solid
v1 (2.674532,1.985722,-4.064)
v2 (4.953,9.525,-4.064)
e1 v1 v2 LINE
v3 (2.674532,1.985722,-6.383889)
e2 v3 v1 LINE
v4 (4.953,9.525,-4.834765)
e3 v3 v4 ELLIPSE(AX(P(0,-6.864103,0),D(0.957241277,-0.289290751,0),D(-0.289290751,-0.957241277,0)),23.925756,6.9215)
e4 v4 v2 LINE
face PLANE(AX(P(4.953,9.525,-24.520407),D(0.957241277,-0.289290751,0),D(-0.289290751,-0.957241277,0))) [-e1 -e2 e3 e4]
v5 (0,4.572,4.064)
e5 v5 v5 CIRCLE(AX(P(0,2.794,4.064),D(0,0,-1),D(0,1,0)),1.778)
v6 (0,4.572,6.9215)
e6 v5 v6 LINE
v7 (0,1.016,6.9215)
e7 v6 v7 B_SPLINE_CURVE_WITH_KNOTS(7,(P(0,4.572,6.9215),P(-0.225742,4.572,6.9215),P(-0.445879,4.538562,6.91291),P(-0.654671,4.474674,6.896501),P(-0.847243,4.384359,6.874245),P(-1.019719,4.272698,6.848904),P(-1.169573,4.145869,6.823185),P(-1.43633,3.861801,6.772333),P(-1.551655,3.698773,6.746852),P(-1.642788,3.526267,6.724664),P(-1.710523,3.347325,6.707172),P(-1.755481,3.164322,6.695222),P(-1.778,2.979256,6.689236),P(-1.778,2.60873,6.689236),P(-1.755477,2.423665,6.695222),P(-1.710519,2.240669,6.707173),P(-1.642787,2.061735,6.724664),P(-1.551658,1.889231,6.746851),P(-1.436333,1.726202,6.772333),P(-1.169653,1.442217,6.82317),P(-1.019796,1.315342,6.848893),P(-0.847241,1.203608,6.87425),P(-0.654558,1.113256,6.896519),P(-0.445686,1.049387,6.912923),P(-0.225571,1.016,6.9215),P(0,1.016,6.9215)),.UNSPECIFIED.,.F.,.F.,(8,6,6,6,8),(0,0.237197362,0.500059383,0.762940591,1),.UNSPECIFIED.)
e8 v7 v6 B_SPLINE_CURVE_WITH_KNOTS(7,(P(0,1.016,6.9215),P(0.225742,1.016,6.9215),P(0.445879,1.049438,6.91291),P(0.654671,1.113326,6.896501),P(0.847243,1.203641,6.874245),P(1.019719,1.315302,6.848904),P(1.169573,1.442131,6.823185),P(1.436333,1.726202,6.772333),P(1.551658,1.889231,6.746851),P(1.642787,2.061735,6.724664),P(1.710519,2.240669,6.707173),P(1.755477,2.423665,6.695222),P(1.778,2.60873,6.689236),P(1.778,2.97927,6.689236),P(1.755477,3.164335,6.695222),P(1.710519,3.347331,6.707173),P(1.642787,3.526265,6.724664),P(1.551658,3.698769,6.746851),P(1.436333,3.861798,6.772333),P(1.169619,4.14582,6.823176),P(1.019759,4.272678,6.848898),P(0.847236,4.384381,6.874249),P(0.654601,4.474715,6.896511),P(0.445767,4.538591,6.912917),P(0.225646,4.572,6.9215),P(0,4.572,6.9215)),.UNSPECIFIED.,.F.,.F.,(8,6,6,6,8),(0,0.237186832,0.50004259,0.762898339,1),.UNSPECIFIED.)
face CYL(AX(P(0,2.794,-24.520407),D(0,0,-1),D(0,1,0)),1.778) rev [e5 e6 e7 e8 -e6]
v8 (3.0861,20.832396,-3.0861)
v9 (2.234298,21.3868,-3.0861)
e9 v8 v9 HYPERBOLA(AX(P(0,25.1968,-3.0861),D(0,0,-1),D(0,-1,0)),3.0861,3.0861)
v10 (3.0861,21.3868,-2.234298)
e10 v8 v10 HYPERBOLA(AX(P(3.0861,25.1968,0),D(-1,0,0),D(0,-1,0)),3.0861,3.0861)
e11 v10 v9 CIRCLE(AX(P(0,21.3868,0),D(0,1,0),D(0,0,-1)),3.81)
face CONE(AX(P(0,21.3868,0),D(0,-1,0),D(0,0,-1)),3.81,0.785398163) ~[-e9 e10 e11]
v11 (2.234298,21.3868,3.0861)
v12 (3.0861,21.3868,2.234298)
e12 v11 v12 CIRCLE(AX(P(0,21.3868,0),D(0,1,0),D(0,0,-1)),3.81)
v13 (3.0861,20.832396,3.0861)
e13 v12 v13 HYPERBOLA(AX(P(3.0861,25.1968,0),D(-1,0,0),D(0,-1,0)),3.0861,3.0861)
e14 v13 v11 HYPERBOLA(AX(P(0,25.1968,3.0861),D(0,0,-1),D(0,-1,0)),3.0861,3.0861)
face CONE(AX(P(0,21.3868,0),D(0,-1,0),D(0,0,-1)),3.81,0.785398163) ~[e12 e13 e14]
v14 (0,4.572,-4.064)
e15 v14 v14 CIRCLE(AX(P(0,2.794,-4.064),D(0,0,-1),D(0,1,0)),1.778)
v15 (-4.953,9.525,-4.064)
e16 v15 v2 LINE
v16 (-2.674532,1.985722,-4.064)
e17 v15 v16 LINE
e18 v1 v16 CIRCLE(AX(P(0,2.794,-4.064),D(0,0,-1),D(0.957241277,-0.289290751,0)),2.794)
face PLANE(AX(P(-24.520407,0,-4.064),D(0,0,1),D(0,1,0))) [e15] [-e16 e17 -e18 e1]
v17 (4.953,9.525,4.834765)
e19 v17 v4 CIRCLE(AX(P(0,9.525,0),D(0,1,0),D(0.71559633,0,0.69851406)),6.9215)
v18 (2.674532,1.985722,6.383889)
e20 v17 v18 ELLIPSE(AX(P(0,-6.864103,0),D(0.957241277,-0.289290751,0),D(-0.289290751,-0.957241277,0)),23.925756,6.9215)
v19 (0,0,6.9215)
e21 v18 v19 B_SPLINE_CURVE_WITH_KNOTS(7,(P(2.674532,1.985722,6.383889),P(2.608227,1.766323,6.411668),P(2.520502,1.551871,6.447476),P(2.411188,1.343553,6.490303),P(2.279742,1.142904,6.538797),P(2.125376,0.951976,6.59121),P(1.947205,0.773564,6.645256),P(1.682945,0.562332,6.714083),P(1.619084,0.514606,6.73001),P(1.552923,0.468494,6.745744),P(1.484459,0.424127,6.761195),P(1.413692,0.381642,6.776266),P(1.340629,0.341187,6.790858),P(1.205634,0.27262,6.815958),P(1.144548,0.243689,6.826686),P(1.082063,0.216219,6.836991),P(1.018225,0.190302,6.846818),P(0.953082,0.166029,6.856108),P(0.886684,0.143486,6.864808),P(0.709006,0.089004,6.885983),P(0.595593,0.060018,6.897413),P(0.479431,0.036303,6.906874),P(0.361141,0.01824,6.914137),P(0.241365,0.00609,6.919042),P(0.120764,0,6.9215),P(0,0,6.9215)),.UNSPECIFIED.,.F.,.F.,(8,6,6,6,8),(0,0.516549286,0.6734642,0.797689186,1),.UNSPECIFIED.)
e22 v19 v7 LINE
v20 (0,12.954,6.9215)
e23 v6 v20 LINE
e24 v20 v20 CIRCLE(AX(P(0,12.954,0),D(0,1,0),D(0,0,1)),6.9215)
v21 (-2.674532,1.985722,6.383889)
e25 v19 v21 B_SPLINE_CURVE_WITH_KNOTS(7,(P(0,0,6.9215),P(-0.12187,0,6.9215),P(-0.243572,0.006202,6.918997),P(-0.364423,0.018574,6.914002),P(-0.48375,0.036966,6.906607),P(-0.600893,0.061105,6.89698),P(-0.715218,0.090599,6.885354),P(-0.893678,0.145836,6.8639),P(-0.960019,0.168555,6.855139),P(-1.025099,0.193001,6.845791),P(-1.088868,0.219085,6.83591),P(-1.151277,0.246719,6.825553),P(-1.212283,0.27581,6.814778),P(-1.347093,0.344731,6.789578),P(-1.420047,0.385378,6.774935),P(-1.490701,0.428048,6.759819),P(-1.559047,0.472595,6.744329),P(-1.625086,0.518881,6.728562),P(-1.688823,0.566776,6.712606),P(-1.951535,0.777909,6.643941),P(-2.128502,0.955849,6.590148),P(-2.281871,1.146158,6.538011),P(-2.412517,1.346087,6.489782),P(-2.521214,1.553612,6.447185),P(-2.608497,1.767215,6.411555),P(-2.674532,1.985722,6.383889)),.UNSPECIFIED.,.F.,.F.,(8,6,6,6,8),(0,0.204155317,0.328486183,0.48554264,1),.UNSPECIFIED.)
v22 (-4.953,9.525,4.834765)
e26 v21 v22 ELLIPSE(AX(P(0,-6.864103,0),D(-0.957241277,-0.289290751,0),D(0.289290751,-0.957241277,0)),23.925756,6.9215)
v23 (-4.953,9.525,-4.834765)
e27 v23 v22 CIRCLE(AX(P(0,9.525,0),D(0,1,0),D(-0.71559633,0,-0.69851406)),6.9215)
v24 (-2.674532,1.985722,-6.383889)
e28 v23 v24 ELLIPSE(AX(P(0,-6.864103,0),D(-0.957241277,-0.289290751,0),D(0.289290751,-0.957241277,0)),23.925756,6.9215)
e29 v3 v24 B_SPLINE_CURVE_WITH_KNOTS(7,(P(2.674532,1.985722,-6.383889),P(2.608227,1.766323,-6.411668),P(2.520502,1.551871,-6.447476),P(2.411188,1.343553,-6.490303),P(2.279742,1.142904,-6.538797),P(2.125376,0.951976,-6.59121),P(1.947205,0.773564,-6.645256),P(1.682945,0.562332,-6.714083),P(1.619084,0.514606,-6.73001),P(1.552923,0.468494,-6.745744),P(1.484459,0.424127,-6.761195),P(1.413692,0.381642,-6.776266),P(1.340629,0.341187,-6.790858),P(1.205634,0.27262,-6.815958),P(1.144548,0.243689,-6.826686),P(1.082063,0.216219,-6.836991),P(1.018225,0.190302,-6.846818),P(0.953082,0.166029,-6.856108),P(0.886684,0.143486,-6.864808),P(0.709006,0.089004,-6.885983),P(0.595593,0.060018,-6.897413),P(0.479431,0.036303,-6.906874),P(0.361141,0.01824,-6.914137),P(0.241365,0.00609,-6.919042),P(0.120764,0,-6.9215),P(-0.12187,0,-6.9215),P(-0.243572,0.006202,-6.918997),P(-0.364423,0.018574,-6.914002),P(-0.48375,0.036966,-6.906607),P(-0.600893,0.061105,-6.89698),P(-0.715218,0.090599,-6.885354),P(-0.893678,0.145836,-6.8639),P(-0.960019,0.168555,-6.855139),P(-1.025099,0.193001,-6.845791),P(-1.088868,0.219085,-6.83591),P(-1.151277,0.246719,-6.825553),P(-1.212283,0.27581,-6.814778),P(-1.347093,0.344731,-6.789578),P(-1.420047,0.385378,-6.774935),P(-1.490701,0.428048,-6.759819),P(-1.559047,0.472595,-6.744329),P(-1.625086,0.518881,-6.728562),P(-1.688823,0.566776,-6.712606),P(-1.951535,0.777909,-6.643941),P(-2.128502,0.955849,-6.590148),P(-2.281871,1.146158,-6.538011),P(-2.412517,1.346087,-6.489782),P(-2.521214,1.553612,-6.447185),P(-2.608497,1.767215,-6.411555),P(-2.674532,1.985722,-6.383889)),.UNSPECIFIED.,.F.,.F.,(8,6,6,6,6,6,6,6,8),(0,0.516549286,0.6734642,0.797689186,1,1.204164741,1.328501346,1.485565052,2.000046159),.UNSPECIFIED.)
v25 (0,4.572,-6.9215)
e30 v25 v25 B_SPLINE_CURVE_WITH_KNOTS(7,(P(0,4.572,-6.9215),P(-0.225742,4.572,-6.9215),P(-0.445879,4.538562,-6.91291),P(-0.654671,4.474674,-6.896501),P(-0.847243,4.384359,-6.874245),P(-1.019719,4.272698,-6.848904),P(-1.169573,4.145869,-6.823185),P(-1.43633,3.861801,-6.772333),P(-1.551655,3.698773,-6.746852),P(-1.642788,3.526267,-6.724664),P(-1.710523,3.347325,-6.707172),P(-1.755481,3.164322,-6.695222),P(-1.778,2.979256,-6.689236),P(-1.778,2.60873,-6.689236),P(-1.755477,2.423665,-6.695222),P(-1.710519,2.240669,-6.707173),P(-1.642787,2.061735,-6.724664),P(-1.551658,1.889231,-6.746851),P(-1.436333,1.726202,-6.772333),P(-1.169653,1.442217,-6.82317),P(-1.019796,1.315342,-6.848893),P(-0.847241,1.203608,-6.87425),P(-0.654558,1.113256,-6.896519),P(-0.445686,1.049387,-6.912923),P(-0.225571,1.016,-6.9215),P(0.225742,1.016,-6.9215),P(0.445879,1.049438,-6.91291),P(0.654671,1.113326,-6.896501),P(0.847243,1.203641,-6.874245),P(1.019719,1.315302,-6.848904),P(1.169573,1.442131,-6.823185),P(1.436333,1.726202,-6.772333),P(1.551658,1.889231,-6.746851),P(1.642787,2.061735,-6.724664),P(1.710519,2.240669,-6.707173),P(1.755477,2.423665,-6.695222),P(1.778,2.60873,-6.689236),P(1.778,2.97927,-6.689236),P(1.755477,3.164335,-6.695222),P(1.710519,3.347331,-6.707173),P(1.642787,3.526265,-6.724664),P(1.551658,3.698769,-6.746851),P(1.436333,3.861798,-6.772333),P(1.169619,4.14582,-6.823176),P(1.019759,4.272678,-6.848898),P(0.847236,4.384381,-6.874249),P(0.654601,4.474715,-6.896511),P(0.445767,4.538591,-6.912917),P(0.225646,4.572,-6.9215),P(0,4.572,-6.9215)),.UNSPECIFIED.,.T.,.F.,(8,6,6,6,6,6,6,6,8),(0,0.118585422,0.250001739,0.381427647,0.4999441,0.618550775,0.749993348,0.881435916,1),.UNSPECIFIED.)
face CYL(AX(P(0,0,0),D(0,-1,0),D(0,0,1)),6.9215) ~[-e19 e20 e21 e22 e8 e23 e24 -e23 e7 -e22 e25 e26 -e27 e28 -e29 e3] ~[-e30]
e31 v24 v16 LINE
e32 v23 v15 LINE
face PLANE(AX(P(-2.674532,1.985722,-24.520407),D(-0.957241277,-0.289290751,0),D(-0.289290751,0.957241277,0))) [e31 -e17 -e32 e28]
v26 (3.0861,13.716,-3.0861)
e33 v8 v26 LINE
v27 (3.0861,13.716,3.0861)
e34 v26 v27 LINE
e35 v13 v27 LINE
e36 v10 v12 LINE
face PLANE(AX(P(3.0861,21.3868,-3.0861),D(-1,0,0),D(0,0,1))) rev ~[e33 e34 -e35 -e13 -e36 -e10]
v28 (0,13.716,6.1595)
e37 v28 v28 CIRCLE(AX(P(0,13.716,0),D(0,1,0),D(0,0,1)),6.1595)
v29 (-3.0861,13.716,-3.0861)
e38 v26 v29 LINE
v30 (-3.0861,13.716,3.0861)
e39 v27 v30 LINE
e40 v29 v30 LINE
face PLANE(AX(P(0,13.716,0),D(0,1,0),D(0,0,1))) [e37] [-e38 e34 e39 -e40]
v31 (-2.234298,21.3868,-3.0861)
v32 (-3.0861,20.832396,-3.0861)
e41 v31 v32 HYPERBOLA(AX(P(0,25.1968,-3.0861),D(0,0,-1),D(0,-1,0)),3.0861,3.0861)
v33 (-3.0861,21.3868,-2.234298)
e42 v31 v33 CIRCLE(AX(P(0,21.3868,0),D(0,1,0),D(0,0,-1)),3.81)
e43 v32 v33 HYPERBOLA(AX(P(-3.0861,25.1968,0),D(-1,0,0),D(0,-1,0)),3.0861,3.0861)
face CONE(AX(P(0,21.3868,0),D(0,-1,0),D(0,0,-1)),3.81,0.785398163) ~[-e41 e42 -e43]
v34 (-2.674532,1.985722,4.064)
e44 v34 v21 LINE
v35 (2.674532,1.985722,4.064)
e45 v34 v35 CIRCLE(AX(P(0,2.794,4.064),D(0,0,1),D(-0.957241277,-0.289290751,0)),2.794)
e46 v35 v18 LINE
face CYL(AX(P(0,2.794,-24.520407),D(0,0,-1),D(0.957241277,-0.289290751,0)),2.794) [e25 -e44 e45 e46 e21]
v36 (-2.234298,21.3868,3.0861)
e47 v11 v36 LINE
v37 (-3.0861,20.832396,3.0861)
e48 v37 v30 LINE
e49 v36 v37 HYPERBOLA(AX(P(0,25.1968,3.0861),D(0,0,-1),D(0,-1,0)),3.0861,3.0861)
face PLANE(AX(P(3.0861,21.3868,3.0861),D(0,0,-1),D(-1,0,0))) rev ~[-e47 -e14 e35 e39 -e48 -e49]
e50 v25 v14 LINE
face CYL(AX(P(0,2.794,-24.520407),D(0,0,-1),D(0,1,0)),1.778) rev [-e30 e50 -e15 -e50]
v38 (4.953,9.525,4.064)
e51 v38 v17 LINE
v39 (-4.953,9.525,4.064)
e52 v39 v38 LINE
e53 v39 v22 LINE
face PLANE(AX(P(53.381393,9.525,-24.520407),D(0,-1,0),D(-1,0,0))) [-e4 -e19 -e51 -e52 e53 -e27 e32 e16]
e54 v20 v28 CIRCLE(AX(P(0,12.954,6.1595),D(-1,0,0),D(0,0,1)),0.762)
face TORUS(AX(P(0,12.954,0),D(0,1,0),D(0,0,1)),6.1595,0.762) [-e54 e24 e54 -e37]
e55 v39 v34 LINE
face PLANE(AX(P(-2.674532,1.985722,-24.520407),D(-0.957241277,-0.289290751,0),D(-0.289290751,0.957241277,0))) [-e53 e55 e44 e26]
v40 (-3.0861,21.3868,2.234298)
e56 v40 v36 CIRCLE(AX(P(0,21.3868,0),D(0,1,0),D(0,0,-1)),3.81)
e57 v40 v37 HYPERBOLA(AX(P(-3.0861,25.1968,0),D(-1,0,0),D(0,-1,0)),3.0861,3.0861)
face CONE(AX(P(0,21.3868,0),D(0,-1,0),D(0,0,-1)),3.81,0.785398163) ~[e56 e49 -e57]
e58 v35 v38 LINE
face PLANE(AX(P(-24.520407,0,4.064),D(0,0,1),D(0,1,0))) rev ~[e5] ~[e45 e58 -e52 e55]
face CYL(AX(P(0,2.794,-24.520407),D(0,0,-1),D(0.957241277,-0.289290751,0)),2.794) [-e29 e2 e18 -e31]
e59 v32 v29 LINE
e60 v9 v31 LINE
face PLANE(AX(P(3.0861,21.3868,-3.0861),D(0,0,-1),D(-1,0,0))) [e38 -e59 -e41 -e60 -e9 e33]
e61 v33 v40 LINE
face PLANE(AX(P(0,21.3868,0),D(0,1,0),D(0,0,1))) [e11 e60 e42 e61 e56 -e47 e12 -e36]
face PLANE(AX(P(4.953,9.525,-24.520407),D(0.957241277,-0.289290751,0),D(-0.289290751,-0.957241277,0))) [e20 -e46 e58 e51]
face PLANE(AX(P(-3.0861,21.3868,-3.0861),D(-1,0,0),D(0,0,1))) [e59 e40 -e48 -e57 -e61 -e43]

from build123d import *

# Parameters (mm, degrees)
BASE_R                  = 6.9215
BASE_EXTRUDE_DEPTH      = 13.716
MALEDRIVE_R             = 6.0579
DRIVE_EXTRUDE_DEPTH     = 7.6708
SQDRIVE_SK_OUTSIDE_W    = 21.642
SQDRIVE_SK_OUTSIDE_H    = 21.642
SQDRIVE_SK_OUTSIDE_W_2  = 6.1722
SQDRIVE_SK_OUTSIDE_H_2  = 6.1722
DRIVE_SQCUT_DEPTH       = 7.6708
BASE_FILLET_TOP_R       = 0.762
PROFILE1_CUT_DEPTH      = 24.520406857
PROFILE1_CUT_DEPTH_BACK = 24.520406857
PROFILE1_CUTSK_W        = 8.128
PROFILE1_CUTSK_H        = 9.525
PROFILE2_CUT_DEPTH      = 24.520406857
PROFILE2_CUT_DEPTH_BACK = 24.520406857
PIN_CUT_DEPTH           = 24.520406916
PIN_CUT_DEPTH_BACK      = 24.520406916
PIN_CUTSK_R             = 1.778


with BuildPart() as part:
    # Base → Base-Extrude (new body)
    with BuildSketch(Plane(origin=(0, 0, 0), x_dir=(1, 0, 0), z_dir=(0, 1, 0))):
        with Locations(Location((0, 0, 0), (0, 0, 270))):
            Circle(BASE_R)
    extrude(amount=BASE_EXTRUDE_DEPTH)

    # MaleDrive → Drive-Extrude (add)
    with BuildSketch(Plane(origin=(0, 13.716, 0), x_dir=(1, 0, 0), z_dir=(0, 1, 0))):
        with Locations(Location((0, 0, 0), (0, 0, 270))):
            Circle(MALEDRIVE_R)
    extrude(amount=DRIVE_EXTRUDE_DEPTH)

    # Drive-ChamCut → DriveEnd-Chamfer (revolve, cut)
    with BuildSketch(Plane.XY, mode=Mode.PRIVATE) as driveend_chamfer_sk:
        Polygon((-3.81, 21.3868), (-5.4229, 19.7739), (-5.4229, 21.3868), align=None)
    revolve(driveend_chamfer_sk.sketch.rotate(Axis((0, 0, 0), (0, 1, 0)), 270), axis=Axis((0, 0, 0), (0, 1, 0)), mode=Mode.SUBTRACT)

    # SQDrive-Sk outside → Drive-SQCut (cut)
    with BuildSketch(Plane(origin=(0, 21.3868, 0), x_dir=(-1, 0, 0), z_dir=(0, 1, 0))):
        Rectangle(SQDRIVE_SK_OUTSIDE_W, SQDRIVE_SK_OUTSIDE_H)
        Rectangle(SQDRIVE_SK_OUTSIDE_W_2, SQDRIVE_SK_OUTSIDE_H_2, mode=Mode.SUBTRACT)
    extrude(amount=-DRIVE_SQCUT_DEPTH, mode=Mode.SUBTRACT)

    # Base-Fillet_Top
    base_fillet_top_edges = [part.edges().sort_by_distance(p)[0] for p in [
        (0, 13.716, -6.9215),
    ]]
    fillet(base_fillet_top_edges, radius=BASE_FILLET_TOP_R)

    # Profile1-CutSk → Profile1-Cut (cut, two sides: drawn at the far end of the back side and taken through both)
    with BuildSketch(Plane(origin=(0, 0, 0), x_dir=(0, 0, -1), z_dir=(1, 0, 0)).offset(-PROFILE1_CUT_DEPTH_BACK)):
        with Locations((0, 4.7625)):
            Rectangle(PROFILE1_CUTSK_W, PROFILE1_CUTSK_H)
    extrude(amount=PROFILE1_CUT_DEPTH + PROFILE1_CUT_DEPTH_BACK, mode=Mode.SUBTRACT)

    # Profile2-CutSk → Profile2-Cut (cut, two sides: drawn at the far end of the back side and taken through both)
    with BuildSketch(Plane.XY.offset(-PROFILE2_CUT_DEPTH_BACK)):
        with BuildLine():
            Line((53.381392937, 9.525), (6.9215, 9.525))
            Line((6.9215, 9.525), (4.953, 9.525))
            Line((4.953, 9.525), (2.674532127, 1.985721643))
            ThreePointArc((2.674532127, 1.985721643), (0, 0), (-2.674532127, 1.985721643))
            Line((-2.674532127, 1.985721643), (-4.953, 9.525))
            Line((-4.953, 9.525), (-6.9215, 9.525))
            Line((-6.9215, 9.525), (-53.381392937, 9.525))
            Line((-53.381392937, 9.525), (-53.381392937, -83.394785874))
            Line((-53.381392937, -83.394785874), (53.381392937, -83.394785874))
            Line((53.381392937, -83.394785874), (53.381392937, 9.525))
        make_face()
    extrude(amount=PROFILE2_CUT_DEPTH + PROFILE2_CUT_DEPTH_BACK, mode=Mode.SUBTRACT)

    # Pin-CutSk → Pin-Cut (cut, two sides: drawn at the far end of the back side and taken through both)
    with BuildSketch(Plane.XY.offset(-PIN_CUT_DEPTH_BACK)):
        with Locations(Location((0, 2.794, 0), (0, 0, 90))):
            Circle(PIN_CUTSK_R)
    extrude(amount=PIN_CUT_DEPTH + PIN_CUT_DEPTH_BACK, mode=Mode.SUBTRACT)


solid = part.part
